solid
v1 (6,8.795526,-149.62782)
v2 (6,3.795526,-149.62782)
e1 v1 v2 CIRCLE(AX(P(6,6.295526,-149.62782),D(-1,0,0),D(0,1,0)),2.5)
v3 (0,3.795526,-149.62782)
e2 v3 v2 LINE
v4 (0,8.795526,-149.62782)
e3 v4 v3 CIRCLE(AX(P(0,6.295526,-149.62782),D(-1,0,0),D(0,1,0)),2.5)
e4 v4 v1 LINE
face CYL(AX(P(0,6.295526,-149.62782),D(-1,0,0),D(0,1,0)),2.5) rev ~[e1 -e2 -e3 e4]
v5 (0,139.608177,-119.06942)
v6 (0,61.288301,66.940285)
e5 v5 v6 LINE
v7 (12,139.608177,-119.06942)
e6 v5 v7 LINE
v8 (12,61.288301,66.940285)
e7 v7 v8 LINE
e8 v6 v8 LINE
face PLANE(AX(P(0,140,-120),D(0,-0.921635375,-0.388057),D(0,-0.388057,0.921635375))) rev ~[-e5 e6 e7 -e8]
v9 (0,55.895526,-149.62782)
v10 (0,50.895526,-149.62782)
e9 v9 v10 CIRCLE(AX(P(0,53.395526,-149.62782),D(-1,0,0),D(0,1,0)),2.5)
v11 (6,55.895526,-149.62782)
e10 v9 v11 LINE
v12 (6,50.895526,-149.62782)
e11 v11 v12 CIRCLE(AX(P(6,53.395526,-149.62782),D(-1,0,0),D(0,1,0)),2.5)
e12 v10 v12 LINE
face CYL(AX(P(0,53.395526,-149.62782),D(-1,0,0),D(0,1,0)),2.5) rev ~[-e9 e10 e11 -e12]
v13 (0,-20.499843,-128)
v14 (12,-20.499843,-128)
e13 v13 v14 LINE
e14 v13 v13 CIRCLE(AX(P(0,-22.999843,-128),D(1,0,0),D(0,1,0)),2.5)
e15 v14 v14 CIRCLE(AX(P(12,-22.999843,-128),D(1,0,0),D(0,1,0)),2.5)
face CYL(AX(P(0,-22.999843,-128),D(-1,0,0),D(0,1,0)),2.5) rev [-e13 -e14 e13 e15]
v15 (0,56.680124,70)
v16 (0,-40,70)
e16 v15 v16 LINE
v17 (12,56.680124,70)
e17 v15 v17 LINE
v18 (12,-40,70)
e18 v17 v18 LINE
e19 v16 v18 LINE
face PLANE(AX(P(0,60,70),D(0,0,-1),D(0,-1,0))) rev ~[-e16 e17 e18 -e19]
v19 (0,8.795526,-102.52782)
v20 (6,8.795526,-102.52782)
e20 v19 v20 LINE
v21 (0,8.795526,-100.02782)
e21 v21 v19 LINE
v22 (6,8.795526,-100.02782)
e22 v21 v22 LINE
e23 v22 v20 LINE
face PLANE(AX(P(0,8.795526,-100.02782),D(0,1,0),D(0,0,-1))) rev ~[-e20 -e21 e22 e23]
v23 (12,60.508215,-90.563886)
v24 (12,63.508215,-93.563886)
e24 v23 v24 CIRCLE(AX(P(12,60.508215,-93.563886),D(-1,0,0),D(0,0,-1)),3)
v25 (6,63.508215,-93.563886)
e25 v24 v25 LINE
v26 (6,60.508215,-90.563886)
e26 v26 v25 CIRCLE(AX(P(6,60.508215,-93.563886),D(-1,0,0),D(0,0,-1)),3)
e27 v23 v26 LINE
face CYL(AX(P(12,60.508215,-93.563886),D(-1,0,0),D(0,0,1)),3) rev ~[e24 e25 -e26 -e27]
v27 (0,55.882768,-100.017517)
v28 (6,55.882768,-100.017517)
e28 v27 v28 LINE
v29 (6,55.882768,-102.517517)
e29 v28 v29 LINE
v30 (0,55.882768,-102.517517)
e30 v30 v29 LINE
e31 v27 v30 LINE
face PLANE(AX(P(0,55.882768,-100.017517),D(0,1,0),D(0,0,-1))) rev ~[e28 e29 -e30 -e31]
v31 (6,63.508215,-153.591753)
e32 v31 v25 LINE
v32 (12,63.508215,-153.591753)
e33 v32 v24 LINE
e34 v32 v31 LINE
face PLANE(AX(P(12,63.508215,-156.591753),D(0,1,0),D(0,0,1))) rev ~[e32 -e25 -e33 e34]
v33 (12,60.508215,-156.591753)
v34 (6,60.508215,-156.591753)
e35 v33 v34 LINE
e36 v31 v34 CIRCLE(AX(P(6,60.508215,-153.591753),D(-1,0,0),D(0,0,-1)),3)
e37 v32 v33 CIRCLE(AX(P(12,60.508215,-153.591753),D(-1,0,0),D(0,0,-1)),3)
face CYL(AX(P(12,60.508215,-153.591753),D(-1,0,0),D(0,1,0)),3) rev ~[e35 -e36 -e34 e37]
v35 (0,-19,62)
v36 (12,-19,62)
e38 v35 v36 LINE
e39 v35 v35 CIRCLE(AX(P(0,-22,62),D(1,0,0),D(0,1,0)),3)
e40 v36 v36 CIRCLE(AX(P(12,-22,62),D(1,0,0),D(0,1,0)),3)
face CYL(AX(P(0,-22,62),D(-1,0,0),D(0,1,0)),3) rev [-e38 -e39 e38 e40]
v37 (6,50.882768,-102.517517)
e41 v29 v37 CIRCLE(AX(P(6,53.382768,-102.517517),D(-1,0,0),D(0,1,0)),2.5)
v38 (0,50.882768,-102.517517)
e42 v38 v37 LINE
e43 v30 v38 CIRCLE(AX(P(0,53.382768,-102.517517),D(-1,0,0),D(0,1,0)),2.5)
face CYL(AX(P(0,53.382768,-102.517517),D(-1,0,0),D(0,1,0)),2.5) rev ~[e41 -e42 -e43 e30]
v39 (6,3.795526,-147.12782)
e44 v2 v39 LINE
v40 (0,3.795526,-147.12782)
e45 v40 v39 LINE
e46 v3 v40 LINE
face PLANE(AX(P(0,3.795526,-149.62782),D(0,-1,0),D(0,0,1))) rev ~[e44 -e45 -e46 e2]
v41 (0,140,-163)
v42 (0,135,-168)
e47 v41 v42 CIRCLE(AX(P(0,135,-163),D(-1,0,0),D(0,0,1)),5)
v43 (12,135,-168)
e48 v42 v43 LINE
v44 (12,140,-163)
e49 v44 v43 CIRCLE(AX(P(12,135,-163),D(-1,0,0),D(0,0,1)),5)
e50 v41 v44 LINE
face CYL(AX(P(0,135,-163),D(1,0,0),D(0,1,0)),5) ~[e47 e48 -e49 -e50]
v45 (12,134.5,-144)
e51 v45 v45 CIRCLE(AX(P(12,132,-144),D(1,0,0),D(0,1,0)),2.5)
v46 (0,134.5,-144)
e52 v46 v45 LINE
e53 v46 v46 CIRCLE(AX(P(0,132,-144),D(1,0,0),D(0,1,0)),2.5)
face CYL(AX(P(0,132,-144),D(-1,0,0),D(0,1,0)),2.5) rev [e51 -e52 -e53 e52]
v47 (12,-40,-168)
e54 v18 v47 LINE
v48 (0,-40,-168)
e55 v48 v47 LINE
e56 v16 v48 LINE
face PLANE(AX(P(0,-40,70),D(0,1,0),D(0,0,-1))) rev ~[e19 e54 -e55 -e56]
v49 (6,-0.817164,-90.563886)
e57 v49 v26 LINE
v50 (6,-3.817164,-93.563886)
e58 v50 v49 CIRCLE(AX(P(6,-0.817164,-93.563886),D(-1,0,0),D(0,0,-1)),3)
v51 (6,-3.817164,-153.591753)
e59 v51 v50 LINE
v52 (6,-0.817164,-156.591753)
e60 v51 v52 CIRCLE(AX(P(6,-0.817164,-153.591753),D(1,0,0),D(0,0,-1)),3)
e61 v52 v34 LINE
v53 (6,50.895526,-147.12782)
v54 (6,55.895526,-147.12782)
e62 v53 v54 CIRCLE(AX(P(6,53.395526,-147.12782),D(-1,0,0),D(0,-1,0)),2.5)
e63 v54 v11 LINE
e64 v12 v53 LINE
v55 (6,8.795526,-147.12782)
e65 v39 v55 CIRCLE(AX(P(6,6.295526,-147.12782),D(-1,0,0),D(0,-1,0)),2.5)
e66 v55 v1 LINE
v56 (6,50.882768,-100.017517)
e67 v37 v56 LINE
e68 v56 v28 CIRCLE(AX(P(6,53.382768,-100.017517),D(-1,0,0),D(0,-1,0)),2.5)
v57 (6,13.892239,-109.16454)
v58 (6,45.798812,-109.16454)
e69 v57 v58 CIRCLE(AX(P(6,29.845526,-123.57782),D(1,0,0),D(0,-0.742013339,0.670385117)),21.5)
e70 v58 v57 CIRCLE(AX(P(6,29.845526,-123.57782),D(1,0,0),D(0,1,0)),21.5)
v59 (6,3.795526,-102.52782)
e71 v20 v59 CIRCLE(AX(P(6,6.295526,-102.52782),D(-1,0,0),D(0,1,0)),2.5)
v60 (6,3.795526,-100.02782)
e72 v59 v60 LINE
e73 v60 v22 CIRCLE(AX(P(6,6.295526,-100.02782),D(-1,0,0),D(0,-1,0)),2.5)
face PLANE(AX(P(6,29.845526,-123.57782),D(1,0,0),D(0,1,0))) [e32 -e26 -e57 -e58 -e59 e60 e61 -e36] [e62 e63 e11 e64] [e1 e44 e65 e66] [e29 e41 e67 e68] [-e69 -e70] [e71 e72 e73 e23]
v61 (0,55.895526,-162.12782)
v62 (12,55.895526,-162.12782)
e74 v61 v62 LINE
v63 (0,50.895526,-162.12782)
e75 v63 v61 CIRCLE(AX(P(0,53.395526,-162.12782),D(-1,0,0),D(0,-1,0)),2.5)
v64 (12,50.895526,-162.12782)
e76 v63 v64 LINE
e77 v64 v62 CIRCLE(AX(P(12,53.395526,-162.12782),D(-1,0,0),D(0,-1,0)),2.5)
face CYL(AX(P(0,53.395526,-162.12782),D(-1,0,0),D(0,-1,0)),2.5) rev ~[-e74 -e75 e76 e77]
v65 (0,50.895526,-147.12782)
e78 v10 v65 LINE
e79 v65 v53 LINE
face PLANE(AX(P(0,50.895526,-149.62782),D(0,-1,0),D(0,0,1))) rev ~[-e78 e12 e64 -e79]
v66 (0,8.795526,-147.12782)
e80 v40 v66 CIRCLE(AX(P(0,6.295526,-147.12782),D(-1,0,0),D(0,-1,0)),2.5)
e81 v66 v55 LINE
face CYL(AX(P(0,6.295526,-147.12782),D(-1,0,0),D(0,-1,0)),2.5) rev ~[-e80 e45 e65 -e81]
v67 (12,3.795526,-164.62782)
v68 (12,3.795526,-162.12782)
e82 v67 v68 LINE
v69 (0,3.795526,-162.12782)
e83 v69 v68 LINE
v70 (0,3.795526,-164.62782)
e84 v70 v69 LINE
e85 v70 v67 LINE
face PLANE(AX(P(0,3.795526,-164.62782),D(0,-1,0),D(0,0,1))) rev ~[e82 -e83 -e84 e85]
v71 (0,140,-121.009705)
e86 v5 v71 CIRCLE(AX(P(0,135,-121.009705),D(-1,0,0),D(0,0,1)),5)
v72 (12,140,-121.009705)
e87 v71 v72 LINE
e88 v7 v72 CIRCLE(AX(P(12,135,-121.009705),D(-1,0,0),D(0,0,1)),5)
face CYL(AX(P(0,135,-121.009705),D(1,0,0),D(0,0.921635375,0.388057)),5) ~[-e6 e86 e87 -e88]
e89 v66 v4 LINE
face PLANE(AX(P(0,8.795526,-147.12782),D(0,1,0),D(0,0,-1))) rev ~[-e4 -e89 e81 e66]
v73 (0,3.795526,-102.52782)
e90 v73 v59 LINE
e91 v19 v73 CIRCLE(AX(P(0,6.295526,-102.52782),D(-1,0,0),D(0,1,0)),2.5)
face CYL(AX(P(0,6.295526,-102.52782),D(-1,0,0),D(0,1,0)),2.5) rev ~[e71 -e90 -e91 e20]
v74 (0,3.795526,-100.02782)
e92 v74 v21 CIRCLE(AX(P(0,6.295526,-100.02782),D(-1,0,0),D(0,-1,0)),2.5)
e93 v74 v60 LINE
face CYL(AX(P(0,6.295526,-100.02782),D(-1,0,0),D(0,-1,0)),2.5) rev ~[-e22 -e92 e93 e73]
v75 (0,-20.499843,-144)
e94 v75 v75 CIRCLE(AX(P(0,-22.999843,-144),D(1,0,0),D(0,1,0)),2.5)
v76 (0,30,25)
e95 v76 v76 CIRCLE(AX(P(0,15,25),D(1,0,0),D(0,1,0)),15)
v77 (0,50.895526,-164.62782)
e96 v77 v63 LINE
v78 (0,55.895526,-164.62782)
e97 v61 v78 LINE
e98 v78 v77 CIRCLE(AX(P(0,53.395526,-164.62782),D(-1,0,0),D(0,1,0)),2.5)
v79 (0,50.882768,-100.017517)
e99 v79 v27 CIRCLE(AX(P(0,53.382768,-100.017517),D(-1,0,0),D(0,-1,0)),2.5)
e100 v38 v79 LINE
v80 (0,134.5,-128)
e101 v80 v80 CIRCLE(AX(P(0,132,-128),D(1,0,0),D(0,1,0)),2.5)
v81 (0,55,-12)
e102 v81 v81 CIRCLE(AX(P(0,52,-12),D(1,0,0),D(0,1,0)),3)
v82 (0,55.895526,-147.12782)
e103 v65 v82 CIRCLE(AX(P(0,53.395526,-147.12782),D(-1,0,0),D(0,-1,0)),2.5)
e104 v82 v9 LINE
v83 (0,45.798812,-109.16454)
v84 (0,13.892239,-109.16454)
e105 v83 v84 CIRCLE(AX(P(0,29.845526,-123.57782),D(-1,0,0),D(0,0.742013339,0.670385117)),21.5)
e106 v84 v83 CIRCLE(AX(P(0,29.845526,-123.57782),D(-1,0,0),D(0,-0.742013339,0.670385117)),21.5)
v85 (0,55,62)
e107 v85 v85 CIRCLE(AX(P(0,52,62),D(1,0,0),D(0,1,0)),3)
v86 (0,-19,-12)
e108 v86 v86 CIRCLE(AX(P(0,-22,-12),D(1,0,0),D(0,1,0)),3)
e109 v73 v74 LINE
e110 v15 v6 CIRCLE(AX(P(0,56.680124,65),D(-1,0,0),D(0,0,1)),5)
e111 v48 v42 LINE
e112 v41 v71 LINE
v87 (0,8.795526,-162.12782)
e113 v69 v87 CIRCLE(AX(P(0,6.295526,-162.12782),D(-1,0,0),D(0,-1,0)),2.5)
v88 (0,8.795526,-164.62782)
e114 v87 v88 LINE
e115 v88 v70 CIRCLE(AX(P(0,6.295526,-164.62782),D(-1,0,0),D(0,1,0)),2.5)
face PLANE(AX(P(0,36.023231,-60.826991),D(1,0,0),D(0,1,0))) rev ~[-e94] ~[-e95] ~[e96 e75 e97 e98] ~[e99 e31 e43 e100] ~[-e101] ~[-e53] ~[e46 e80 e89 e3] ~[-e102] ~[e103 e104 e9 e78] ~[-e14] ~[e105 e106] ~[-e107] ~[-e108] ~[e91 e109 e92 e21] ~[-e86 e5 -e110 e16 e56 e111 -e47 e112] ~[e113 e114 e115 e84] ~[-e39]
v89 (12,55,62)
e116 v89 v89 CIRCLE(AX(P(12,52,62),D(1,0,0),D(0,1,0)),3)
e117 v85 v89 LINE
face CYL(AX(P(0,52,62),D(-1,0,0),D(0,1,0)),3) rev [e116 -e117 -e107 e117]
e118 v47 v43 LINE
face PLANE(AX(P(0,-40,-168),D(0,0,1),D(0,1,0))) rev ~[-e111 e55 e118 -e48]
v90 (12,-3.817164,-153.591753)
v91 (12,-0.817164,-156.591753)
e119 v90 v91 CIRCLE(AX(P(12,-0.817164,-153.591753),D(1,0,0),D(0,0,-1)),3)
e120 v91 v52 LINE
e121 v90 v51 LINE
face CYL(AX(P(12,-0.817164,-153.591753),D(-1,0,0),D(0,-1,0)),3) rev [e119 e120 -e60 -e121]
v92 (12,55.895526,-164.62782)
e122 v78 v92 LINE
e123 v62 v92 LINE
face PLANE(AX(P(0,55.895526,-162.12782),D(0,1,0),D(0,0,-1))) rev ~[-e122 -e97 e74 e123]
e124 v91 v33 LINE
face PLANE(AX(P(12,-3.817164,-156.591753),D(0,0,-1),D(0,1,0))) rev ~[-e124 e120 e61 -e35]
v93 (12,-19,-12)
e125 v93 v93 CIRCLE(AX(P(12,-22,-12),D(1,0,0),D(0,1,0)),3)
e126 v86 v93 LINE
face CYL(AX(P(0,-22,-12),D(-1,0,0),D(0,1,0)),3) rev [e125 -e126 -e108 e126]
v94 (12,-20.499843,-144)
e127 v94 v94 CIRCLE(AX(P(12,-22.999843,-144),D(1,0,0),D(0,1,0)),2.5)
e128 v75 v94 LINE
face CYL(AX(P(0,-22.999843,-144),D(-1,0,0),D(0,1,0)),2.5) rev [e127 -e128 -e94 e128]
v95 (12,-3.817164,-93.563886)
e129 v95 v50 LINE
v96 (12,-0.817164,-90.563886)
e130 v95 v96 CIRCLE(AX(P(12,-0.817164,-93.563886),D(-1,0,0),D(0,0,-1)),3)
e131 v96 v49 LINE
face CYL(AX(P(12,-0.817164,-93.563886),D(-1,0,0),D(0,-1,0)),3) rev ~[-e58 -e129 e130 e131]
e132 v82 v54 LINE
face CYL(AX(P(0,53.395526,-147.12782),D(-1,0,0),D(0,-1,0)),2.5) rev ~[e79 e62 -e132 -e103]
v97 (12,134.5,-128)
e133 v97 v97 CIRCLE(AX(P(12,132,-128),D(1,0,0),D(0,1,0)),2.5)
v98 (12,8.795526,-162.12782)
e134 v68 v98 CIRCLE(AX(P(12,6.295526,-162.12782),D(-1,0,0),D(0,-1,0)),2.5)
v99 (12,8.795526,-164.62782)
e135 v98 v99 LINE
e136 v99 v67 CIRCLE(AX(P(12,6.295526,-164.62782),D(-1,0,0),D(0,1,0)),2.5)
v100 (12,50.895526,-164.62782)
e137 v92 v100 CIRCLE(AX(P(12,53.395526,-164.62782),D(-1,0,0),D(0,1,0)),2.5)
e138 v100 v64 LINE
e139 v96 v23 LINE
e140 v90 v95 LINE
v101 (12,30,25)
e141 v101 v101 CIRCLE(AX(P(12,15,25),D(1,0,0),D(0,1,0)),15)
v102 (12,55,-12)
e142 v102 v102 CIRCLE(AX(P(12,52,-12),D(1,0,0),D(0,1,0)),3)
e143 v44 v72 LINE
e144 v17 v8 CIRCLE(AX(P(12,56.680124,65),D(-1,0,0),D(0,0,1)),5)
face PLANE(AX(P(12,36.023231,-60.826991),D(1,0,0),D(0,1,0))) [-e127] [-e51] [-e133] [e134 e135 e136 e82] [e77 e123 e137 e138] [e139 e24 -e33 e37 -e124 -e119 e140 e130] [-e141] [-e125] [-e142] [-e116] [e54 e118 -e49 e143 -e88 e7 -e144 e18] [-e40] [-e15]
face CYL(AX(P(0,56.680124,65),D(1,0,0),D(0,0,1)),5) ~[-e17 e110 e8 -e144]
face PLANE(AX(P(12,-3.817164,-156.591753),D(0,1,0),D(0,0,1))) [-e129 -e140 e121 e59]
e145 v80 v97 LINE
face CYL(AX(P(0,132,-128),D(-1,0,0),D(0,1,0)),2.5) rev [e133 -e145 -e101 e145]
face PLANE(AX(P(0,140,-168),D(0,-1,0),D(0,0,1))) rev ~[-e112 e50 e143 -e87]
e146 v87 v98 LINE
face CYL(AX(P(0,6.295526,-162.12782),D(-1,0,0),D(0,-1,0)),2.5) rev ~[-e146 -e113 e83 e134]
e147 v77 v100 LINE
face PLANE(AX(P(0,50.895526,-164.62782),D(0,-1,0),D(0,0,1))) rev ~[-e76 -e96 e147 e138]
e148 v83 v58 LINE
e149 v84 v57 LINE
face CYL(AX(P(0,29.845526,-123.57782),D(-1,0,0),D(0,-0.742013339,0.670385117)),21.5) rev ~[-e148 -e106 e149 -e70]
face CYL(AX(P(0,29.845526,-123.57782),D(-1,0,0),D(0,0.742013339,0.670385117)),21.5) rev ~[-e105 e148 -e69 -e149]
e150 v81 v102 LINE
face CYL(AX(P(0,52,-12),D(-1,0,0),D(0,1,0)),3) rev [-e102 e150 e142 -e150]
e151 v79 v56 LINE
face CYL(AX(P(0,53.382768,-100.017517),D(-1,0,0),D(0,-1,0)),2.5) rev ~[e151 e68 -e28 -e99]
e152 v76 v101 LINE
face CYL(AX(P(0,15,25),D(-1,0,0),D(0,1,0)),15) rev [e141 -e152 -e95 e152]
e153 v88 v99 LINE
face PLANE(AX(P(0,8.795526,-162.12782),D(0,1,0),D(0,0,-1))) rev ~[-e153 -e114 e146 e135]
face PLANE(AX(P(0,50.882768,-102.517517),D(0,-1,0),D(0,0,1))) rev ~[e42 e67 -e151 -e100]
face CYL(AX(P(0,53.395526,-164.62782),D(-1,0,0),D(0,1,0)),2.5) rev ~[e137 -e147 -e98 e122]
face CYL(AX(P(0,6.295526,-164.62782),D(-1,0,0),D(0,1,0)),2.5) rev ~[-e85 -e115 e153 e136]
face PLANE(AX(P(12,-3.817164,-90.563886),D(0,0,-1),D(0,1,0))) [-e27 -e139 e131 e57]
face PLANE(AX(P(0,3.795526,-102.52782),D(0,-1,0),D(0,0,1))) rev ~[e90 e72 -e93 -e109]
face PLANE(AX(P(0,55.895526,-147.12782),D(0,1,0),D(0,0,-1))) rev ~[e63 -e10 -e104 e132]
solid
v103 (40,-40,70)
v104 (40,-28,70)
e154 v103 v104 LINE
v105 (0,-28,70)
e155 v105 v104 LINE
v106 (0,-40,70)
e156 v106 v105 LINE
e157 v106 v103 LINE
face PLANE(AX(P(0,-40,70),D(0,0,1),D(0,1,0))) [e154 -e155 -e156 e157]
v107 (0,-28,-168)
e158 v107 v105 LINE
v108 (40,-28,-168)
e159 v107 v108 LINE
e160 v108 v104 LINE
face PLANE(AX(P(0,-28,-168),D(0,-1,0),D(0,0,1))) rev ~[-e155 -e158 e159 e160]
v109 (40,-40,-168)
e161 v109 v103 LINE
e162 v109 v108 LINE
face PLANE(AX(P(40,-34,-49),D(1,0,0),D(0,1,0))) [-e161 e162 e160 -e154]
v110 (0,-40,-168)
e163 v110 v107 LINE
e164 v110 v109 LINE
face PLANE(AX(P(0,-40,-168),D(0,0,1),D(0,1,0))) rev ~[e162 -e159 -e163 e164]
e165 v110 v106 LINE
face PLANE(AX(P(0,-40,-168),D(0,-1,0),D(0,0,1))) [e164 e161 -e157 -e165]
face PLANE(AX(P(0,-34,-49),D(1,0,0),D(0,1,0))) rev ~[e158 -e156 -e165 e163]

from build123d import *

# Parameters (mm, degrees)
F0_R     = 2.5
F0_R_2   = 3
F0_R_3   = 15
F1_DEPTH = 12
F2_R     = 5
F3_W     = 12
F3_H     = 238
F4_DEPTH = 40
F5_W     = 67.325378561
F5_H     = 66.0278675795
F5_R     = 21.5
F6_DEPTH = 6
F7_R     = 3


with BuildPart() as f1:
    # F0 (on Right) → F1 (new body)
    with BuildSketch(Plane.YZ):
        Polygon((60, 70), (-40, 70), (-40, -155), (-40, -168), (140, -168), (140, -155), (140, -120), align=None)
        with Locations((-22.9998427761, -144.0000000011)):
            Circle(F0_R, mode=Mode.SUBTRACT)
        with Locations((-22.9998427761, -128.0000000011)):
            Circle(F0_R, mode=Mode.SUBTRACT)
        with BuildLine():
            ThreePointArc((8.7955255248, -164.6278196573), (6.2955255248, -167.1278196573), (3.7955255248, -164.6278196573))
            Line((3.7955255248, -164.6278196573), (3.7955255248, -162.1278196573))
            ThreePointArc((3.7955255248, -162.1278196573), (6.2955255248, -159.6278196573), (8.7955255248, -162.1278196573))
            Line((8.7955255248, -162.1278196573), (8.7955255248, -164.6278196573))
        make_face(mode=Mode.SUBTRACT)
        with BuildLine():
            ThreePointArc((3.7955255248, -147.1278196573), (6.2955255248, -144.6278196573), (8.7955255248, -147.1278196573))
            Line((8.7955255248, -147.1278196573), (8.7955255248, -149.6278196573))
            ThreePointArc((8.7955255248, -149.6278196573), (6.2955255248, -152.1278196573), (3.7955255248, -149.6278196573))
            Line((3.7955255248, -149.6278196573), (3.7955255248, -147.1278196573))
        make_face(mode=Mode.SUBTRACT)
        with BuildLine():
            Line((-15.2751309797, -109.1645396501), (-15.2751309797, -29.1645396501))
            Line((-15.2751309797, -29.1645396501), (80.0356410052, -29.1645396501))
            Line((80.0356410052, -29.1645396501), (113.7198515315, -109.1645396501))
            Line((113.7198515315, -109.1645396501), (45.7988123157, -109.1645396501))
            ThreePointArc((45.7988123157, -109.1645396501), (49.9109892125, -115.8559567346), (51.3455255248, -123.5778196573))
            ThreePointArc((51.3455255248, -123.5778196573), (22.123662602, -143.643283345), (13.8922387339, -109.1645396501))
            Line((13.8922387339, -109.1645396501), (-15.2751309797, -109.1645396501))
        make_face(mode=Mode.SUBTRACT)
        with BuildLine():
            ThreePointArc((55.8955255248, -164.6278196573), (53.3955255248, -167.1278196573), (50.8955255248, -164.6278196573))
            Line((50.8955255248, -164.6278196573), (50.8955255248, -162.1278196573))
            ThreePointArc((50.8955255248, -162.1278196573), (53.3955255248, -159.6278196573), (55.8955255248, -162.1278196573))
            Line((55.8955255248, -162.1278196573), (55.8955255248, -164.6278196573))
        make_face(mode=Mode.SUBTRACT)
        with BuildLine():
            ThreePointArc((50.8955255248, -147.1278196573), (53.3955255248, -144.6278196573), (55.8955255248, -147.1278196573))
            Line((55.8955255248, -147.1278196573), (55.8955255248, -149.6278196573))
            ThreePointArc((55.8955255248, -149.6278196573), (53.3955255248, -152.1278196573), (50.8955255248, -149.6278196573))
            Line((50.8955255248, -149.6278196573), (50.8955255248, -147.1278196573))
        make_face(mode=Mode.SUBTRACT)
        with Locations((132, -144)):
            Circle(F0_R, mode=Mode.SUBTRACT)
        with Locations((132, -128)):
            Circle(F0_R, mode=Mode.SUBTRACT)
        with Locations((-22, -12)):
            Circle(F0_R_2, mode=Mode.SUBTRACT)
        with Locations((-22, 62)):
            Circle(F0_R_2, mode=Mode.SUBTRACT)
        with Locations((15, 25)):
            Circle(F0_R_3, mode=Mode.SUBTRACT)
        with Locations((52, -12)):
            Circle(F0_R_2, mode=Mode.SUBTRACT)
        with Locations((52, 62)):
            Circle(F0_R_2, mode=Mode.SUBTRACT)
        with BuildLine():
            Line((80.0356410052, -29.1645396501), (-15.2751309797, -29.1645396501))
            Line((-15.2751309797, -29.1645396501), (-15.2751309797, -109.1645396501))
            Line((-15.2751309797, -109.1645396501), (13.8922387339, -109.1645396501))
            ThreePointArc((13.8922387339, -109.1645396501), (29.8455255248, -102.0778196573), (45.7988123157, -109.1645396501))
            Line((45.7988123157, -109.1645396501), (113.7198515315, -109.1645396501))
            Line((113.7198515315, -109.1645396501), (80.0356410052, -29.1645396501))
        make_face()
        with BuildLine():
            ThreePointArc((8.7955255248, -102.5278196573), (6.2955255248, -105.0278196573), (3.7955255248, -102.5278196573))
            Line((3.7955255248, -102.5278196573), (3.7955255248, -100.0278196573))
            ThreePointArc((3.7955255248, -100.0278196573), (6.2955255248, -97.5278196573), (8.7955255248, -100.0278196573))
            Line((8.7955255248, -100.0278196573), (8.7955255248, -102.5278196573))
        make_face(mode=Mode.SUBTRACT)
        with BuildLine():
            ThreePointArc((55.8827681233, -102.5175169361), (53.3827681233, -105.0175169361), (50.8827681233, -102.5175169361))
            Line((50.8827681233, -102.5175169361), (50.8827681233, -100.0175169361))
            ThreePointArc((50.8827681233, -100.0175169361), (53.3827681233, -97.5175169361), (55.8827681233, -100.0175169361))
            Line((55.8827681233, -100.0175169361), (55.8827681233, -102.5175169361))
        make_face(mode=Mode.SUBTRACT)
    extrude(amount=F1_DEPTH)

    # F2
    f2_edges = [f1.edges().sort_by_distance(p)[0] for p in [
        (6, 60, 70),
        (6, 140, -120),
        (6, 140, -168),
    ]]
    fillet(f2_edges, radius=F2_R)

    # F5 (on face) → F6 (cut)
    with BuildSketch(Plane.YZ.offset(12)):
        with Locations((29.8455255248, -123.5778196573)):
            Rectangle(F5_W, F5_H)
        with BuildLine():
            Line((3.7955255248, -149.6278196573), (3.7955255248, -147.1278196573))
            ThreePointArc((3.7955255248, -147.1278196573), (6.2955255248, -144.6278196573), (8.7955255248, -147.1278196573))
            Line((8.7955255248, -147.1278196573), (8.7955255248, -149.6278196573))
            ThreePointArc((8.7955255248, -149.6278196573), (6.2955255248, -152.1278196573), (3.7955255248, -149.6278196573))
        make_face(mode=Mode.SUBTRACT)
        with Locations((29.8455255248, -123.5778196573)):
            Circle(F5_R, mode=Mode.SUBTRACT)
        with BuildLine():
            ThreePointArc((8.7955255248, -102.5278196573), (6.2955255248, -105.0278196573), (3.7955255248, -102.5278196573))
            Line((3.7955255248, -102.5278196573), (3.7955255248, -100.0278196573))
            ThreePointArc((3.7955255248, -100.0278196573), (6.2955255248, -97.5278196573), (8.7955255248, -100.0278196573))
            Line((8.7955255248, -100.0278196573), (8.7955255248, -102.5278196573))
        make_face(mode=Mode.SUBTRACT)
        with BuildLine():
            ThreePointArc((50.8955255248, -147.1278196573), (53.3955255248, -144.6278196573), (55.8955255248, -147.1278196573))
            Line((55.8955255248, -147.1278196573), (55.8955255248, -149.6278196573))
            ThreePointArc((55.8955255248, -149.6278196573), (53.3955255248, -152.1278196573), (50.8955255248, -149.6278196573))
            Line((50.8955255248, -149.6278196573), (50.8955255248, -147.1278196573))
        make_face(mode=Mode.SUBTRACT)
        with BuildLine():
            ThreePointArc((55.8827681233, -102.5175169361), (53.3827681233, -105.0175169361), (50.8827681233, -102.5175169361))
            Line((50.8827681233, -102.5175169361), (50.8827681233, -100.0175169361))
            ThreePointArc((50.8827681233, -100.0175169361), (53.3827681233, -97.5175169361), (55.8827681233, -100.0175169361))
            Line((55.8827681233, -100.0175169361), (55.8827681233, -102.5175169361))
        make_face(mode=Mode.SUBTRACT)
    extrude(amount=-F6_DEPTH, mode=Mode.SUBTRACT)

    # F7
    f7_edges = [f1.edges().sort_by_distance(p)[0] for p in [
        (9, -3.817164, -156.591753),
        (9, 63.508215, -156.591753),
        (9, 63.508215, -90.563886),
        (9, -3.817164, -90.563886),
    ]]
    fillet(f7_edges, radius=F7_R)


with BuildPart() as f4:
    # F3 (on Right) → F4 (new body)
    with BuildSketch(Plane.YZ):
        with Locations((-34, -49)):
            Rectangle(F3_W, F3_H)
    extrude(amount=F4_DEPTH)


solid = Compound([f1.part, f4.part])
